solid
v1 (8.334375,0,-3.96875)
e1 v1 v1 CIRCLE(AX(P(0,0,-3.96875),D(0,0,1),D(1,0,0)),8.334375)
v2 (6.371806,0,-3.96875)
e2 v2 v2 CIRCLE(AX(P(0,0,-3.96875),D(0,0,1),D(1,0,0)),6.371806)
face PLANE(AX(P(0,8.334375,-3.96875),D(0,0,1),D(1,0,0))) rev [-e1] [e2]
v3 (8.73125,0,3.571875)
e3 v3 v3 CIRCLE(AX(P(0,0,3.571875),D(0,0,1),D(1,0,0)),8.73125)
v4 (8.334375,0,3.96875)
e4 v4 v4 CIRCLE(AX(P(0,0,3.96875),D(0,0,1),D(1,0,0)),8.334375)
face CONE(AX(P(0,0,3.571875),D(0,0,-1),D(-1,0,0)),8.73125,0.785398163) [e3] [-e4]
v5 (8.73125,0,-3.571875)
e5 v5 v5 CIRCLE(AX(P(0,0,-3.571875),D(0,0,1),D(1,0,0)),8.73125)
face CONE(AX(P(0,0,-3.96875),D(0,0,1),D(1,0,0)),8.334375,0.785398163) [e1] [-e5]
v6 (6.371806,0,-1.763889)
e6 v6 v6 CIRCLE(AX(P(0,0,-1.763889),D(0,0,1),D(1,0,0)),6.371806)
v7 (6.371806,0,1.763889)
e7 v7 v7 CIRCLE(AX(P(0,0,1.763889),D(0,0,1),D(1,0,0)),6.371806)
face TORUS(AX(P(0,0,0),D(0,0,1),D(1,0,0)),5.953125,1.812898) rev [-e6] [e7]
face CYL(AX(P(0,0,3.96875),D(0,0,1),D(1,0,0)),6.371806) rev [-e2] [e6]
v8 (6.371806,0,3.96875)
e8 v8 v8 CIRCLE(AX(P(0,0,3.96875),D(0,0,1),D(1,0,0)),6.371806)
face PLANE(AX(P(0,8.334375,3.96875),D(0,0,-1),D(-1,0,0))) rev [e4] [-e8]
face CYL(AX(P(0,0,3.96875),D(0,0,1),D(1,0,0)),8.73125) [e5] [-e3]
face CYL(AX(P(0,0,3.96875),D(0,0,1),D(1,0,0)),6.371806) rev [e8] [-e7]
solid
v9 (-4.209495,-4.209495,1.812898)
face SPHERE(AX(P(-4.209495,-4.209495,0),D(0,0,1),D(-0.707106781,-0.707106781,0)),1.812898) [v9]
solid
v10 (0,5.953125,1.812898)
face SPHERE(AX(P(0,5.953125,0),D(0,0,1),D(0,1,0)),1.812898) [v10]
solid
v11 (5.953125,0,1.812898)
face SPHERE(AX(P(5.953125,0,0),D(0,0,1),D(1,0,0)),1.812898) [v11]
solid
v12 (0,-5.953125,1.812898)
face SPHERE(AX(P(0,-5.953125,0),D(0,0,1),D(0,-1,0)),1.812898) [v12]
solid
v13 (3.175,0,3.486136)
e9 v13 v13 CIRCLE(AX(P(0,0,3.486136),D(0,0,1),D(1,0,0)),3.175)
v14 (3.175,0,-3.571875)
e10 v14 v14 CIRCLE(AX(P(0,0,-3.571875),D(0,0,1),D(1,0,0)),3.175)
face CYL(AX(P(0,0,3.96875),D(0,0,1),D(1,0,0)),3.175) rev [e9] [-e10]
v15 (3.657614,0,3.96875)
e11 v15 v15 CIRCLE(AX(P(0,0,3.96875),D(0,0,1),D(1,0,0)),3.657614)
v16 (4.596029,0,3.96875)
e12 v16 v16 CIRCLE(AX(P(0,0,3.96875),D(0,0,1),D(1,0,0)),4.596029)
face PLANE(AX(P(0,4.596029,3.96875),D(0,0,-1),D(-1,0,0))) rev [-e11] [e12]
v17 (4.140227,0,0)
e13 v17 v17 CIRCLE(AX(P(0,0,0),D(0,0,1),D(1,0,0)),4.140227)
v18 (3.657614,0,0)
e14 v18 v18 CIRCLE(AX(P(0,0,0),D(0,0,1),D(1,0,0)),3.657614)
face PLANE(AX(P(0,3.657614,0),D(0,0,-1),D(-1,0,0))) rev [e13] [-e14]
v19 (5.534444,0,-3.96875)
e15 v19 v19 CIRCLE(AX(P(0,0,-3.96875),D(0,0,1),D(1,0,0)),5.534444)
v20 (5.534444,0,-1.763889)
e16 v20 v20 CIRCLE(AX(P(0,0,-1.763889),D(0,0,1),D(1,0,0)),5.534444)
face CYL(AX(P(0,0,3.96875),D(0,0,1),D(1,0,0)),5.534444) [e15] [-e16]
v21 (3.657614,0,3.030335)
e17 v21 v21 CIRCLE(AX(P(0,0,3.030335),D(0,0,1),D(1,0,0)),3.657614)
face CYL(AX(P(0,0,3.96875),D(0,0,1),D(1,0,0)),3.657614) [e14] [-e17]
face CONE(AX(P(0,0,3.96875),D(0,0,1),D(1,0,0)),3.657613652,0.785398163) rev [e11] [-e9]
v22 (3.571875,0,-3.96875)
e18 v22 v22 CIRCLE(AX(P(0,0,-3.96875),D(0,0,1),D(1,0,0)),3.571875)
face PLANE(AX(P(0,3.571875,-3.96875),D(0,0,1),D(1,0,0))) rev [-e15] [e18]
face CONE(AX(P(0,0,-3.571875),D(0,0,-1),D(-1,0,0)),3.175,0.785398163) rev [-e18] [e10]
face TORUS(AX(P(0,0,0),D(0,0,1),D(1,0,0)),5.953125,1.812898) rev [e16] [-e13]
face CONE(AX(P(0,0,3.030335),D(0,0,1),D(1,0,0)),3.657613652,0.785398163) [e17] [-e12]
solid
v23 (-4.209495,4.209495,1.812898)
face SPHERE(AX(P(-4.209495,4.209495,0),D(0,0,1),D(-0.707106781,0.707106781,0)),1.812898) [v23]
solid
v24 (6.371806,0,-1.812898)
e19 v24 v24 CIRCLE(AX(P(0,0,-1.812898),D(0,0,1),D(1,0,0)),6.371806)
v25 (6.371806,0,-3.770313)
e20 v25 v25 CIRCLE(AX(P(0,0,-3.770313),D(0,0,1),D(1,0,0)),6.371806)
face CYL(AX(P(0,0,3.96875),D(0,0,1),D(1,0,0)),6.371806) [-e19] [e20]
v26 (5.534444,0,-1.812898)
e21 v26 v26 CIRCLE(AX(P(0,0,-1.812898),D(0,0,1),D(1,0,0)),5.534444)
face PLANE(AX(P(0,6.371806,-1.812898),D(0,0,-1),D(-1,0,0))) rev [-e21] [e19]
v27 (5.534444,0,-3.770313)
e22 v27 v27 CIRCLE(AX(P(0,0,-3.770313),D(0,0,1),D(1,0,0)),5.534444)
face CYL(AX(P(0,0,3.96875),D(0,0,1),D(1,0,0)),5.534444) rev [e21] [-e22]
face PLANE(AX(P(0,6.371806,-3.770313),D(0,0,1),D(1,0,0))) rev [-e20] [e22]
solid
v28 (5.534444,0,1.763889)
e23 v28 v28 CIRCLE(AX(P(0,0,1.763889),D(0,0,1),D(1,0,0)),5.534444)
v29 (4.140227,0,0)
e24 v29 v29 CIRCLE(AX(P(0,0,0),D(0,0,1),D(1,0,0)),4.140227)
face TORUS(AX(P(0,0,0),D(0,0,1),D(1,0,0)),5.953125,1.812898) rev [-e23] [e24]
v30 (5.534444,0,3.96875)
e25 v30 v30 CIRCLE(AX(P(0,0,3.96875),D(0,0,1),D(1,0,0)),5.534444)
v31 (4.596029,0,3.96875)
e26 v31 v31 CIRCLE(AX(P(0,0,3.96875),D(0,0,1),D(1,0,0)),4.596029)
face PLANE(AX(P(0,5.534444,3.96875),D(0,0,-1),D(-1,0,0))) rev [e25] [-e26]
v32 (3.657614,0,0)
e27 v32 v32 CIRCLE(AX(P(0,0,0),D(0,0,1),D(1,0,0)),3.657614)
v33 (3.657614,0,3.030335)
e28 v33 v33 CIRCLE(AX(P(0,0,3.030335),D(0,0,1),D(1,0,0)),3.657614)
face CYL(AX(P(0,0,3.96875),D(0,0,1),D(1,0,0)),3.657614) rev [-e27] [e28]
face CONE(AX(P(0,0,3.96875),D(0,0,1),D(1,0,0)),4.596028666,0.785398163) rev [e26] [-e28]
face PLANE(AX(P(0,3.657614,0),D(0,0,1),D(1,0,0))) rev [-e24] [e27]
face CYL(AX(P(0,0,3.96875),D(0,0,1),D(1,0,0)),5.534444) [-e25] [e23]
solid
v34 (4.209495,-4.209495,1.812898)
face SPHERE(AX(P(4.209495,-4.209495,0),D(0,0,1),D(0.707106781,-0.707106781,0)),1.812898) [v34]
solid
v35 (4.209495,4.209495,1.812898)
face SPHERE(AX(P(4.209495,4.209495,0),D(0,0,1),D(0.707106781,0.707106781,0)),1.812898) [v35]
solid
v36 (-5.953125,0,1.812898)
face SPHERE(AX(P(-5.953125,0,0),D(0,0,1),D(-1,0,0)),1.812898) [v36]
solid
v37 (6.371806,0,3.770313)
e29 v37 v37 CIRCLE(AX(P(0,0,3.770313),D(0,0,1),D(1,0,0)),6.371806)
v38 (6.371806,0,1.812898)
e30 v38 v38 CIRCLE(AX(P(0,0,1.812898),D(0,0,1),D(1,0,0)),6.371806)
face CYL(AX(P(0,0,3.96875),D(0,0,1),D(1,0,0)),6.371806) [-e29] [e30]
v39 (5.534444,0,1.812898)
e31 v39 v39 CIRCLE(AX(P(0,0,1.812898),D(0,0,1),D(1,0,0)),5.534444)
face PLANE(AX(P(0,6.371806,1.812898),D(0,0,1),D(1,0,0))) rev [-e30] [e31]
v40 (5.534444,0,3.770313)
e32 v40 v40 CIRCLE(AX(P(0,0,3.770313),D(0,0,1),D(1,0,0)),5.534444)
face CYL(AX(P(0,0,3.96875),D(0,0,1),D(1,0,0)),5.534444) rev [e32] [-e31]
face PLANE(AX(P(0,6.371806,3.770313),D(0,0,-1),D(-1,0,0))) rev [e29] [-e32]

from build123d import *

# Parameters (mm, degrees)
CIRPATTERN1_COUNT = 8
SKETCH5_W         = 1.957414803
SKETCH5_H         = 0.837362638


with BuildPart() as part:
    # Sketch1 → Revolve1 (revolve)
    with BuildSketch(Plane(origin=(0, 0, 0), x_dir=(0, 0, -1), z_dir=(1, 0, 0))):
        with BuildLine():
            Line((3.571875, 8.73125), (-3.571875, 8.73125))
            Line((-3.571875, 8.73125), (-3.96875, 8.334375))
            Line((-3.96875, 8.334375), (-3.96875, 6.371806319))
            Line((-3.96875, 6.371806319), (-1.763888889, 6.371806319))
            ThreePointArc((-1.763888889, 6.371806319), (0, 7.766022697), (1.763888889, 6.371806319))
            Line((1.763888889, 6.371806319), (3.96875, 6.371806319))
            Line((3.96875, 6.371806319), (3.96875, 8.334375))
            Line((3.96875, 8.334375), (3.571875, 8.73125))
        make_face()
    revolve(axis=Axis((0, 0, 3.96875), (0, 0, -1)))


with BuildPart() as body_2:
    # Sketch2 → Revolve2 (revolve)
    with BuildSketch(Plane(origin=(0, 0, 0), x_dir=(0, 0, -1), z_dir=(1, 0, 0))):
        with BuildLine():
            Line((-3.96875, 5.534443681), (-1.763888889, 5.534443681))
            ThreePointArc((-1.763888889, 5.534443681), (-1.124182294, 4.530868965), (0, 4.140227303))
            Line((0, 4.140227303), (0, 3.657613652))
            Line((0, 3.657613652), (-3.030334985, 3.657613652))
            Line((-3.030334985, 3.657613652), (-3.96875, 4.596028666))
            Line((-3.96875, 4.596028666), (-3.96875, 5.534443681))
        make_face()
    revolve(axis=Axis((0, 0, 3.96875), (0, 0, -1)))


with BuildPart() as body_3:
    # Sketch3 → Revolve3 (revolve)
    with BuildSketch(Plane(origin=(0, 0, 0), x_dir=(0, 0, -1), z_dir=(1, 0, 0))):
        with BuildLine():
            Line((-3.96875, 4.596028666), (-3.030334985, 3.657613652))
            Line((-3.030334985, 3.657613652), (0, 3.657613652))
            Line((0, 3.657613652), (0, 4.140227303))
            ThreePointArc((0, 4.140227303), (1.124182294, 4.530868965), (1.763888889, 5.534443681))
            Line((1.763888889, 5.534443681), (3.96875, 5.534443681))
            Line((3.96875, 5.534443681), (3.96875, 3.571875))
            Line((3.96875, 3.571875), (3.571875, 3.175))
            Line((3.571875, 3.175), (-3.486136348, 3.175))
            Line((-3.486136348, 3.175), (-3.96875, 3.657613652))
            Line((-3.96875, 3.657613652), (-3.96875, 4.596028666))
        make_face()
    revolve(axis=Axis((0, 0, 3.96875), (0, 0, -1)))


with BuildPart() as body_4:
    # Sketch4 → Revolve4 (revolve)
    with BuildSketch(Plane(origin=(0, 0, 0), x_dir=(0, 0, -1), z_dir=(1, 0, 0))):
        with BuildLine():
            Line((-1.812897697, 5.953125), (1.812897697, 5.953125))
            ThreePointArc((1.812897697, 5.953125), (0, 7.766022697), (-1.812897697, 5.953125))
        make_face()
    revolve(axis=Axis((0, 5.953125, 1.812897697), (0, 0, -1)))


with BuildPart() as cirpattern1_1:
    # CirPattern1: pattern copy
    add(body_4.part.rotate(Axis((0, 0, -3.96875), (0, 0, 1)), 1 * 360 / CIRPATTERN1_COUNT))


with BuildPart() as cirpattern1_2:
    # CirPattern1: pattern copy
    add(body_4.part.rotate(Axis((0, 0, -3.96875), (0, 0, 1)), 2 * 360 / CIRPATTERN1_COUNT))


with BuildPart() as cirpattern1_3:
    # CirPattern1: pattern copy
    add(body_4.part.rotate(Axis((0, 0, -3.96875), (0, 0, 1)), 3 * 360 / CIRPATTERN1_COUNT))


with BuildPart() as cirpattern1_4:
    # CirPattern1: pattern copy
    add(body_4.part.rotate(Axis((0, 0, -3.96875), (0, 0, 1)), 4 * 360 / CIRPATTERN1_COUNT))


with BuildPart() as cirpattern1_5:
    # CirPattern1: pattern copy
    add(body_4.part.rotate(Axis((0, 0, -3.96875), (0, 0, 1)), 5 * 360 / CIRPATTERN1_COUNT))


with BuildPart() as cirpattern1_6:
    # CirPattern1: pattern copy
    add(body_4.part.rotate(Axis((0, 0, -3.96875), (0, 0, 1)), 6 * 360 / CIRPATTERN1_COUNT))


with BuildPart() as cirpattern1_7:
    # CirPattern1: pattern copy
    add(body_4.part.rotate(Axis((0, 0, -3.96875), (0, 0, 1)), 7 * 360 / CIRPATTERN1_COUNT))


with BuildPart() as body_12:
    # Sketch5 → Revolve5 (revolve)
    with BuildSketch(Plane(origin=(0, 0, 0), x_dir=(0, 0, -1), z_dir=(1, 0, 0))):
        with Locations((-2.791605099, 5.953125)):
            Rectangle(SKETCH5_W, SKETCH5_H)
        with Locations((2.791605099, 5.953125)):
            Rectangle(SKETCH5_W, SKETCH5_H)
    revolve(axis=Axis((0, 0, 3.96875), (0, 0, -1)))


solid = Compound([part.part, body_2.part, body_3.part, body_4.part, cirpattern1_1.part, cirpattern1_2.part, cirpattern1_3.part, cirpattern1_4.part, cirpattern1_5.part, cirpattern1_6.part, cirpattern1_7.part, body_12.part])
